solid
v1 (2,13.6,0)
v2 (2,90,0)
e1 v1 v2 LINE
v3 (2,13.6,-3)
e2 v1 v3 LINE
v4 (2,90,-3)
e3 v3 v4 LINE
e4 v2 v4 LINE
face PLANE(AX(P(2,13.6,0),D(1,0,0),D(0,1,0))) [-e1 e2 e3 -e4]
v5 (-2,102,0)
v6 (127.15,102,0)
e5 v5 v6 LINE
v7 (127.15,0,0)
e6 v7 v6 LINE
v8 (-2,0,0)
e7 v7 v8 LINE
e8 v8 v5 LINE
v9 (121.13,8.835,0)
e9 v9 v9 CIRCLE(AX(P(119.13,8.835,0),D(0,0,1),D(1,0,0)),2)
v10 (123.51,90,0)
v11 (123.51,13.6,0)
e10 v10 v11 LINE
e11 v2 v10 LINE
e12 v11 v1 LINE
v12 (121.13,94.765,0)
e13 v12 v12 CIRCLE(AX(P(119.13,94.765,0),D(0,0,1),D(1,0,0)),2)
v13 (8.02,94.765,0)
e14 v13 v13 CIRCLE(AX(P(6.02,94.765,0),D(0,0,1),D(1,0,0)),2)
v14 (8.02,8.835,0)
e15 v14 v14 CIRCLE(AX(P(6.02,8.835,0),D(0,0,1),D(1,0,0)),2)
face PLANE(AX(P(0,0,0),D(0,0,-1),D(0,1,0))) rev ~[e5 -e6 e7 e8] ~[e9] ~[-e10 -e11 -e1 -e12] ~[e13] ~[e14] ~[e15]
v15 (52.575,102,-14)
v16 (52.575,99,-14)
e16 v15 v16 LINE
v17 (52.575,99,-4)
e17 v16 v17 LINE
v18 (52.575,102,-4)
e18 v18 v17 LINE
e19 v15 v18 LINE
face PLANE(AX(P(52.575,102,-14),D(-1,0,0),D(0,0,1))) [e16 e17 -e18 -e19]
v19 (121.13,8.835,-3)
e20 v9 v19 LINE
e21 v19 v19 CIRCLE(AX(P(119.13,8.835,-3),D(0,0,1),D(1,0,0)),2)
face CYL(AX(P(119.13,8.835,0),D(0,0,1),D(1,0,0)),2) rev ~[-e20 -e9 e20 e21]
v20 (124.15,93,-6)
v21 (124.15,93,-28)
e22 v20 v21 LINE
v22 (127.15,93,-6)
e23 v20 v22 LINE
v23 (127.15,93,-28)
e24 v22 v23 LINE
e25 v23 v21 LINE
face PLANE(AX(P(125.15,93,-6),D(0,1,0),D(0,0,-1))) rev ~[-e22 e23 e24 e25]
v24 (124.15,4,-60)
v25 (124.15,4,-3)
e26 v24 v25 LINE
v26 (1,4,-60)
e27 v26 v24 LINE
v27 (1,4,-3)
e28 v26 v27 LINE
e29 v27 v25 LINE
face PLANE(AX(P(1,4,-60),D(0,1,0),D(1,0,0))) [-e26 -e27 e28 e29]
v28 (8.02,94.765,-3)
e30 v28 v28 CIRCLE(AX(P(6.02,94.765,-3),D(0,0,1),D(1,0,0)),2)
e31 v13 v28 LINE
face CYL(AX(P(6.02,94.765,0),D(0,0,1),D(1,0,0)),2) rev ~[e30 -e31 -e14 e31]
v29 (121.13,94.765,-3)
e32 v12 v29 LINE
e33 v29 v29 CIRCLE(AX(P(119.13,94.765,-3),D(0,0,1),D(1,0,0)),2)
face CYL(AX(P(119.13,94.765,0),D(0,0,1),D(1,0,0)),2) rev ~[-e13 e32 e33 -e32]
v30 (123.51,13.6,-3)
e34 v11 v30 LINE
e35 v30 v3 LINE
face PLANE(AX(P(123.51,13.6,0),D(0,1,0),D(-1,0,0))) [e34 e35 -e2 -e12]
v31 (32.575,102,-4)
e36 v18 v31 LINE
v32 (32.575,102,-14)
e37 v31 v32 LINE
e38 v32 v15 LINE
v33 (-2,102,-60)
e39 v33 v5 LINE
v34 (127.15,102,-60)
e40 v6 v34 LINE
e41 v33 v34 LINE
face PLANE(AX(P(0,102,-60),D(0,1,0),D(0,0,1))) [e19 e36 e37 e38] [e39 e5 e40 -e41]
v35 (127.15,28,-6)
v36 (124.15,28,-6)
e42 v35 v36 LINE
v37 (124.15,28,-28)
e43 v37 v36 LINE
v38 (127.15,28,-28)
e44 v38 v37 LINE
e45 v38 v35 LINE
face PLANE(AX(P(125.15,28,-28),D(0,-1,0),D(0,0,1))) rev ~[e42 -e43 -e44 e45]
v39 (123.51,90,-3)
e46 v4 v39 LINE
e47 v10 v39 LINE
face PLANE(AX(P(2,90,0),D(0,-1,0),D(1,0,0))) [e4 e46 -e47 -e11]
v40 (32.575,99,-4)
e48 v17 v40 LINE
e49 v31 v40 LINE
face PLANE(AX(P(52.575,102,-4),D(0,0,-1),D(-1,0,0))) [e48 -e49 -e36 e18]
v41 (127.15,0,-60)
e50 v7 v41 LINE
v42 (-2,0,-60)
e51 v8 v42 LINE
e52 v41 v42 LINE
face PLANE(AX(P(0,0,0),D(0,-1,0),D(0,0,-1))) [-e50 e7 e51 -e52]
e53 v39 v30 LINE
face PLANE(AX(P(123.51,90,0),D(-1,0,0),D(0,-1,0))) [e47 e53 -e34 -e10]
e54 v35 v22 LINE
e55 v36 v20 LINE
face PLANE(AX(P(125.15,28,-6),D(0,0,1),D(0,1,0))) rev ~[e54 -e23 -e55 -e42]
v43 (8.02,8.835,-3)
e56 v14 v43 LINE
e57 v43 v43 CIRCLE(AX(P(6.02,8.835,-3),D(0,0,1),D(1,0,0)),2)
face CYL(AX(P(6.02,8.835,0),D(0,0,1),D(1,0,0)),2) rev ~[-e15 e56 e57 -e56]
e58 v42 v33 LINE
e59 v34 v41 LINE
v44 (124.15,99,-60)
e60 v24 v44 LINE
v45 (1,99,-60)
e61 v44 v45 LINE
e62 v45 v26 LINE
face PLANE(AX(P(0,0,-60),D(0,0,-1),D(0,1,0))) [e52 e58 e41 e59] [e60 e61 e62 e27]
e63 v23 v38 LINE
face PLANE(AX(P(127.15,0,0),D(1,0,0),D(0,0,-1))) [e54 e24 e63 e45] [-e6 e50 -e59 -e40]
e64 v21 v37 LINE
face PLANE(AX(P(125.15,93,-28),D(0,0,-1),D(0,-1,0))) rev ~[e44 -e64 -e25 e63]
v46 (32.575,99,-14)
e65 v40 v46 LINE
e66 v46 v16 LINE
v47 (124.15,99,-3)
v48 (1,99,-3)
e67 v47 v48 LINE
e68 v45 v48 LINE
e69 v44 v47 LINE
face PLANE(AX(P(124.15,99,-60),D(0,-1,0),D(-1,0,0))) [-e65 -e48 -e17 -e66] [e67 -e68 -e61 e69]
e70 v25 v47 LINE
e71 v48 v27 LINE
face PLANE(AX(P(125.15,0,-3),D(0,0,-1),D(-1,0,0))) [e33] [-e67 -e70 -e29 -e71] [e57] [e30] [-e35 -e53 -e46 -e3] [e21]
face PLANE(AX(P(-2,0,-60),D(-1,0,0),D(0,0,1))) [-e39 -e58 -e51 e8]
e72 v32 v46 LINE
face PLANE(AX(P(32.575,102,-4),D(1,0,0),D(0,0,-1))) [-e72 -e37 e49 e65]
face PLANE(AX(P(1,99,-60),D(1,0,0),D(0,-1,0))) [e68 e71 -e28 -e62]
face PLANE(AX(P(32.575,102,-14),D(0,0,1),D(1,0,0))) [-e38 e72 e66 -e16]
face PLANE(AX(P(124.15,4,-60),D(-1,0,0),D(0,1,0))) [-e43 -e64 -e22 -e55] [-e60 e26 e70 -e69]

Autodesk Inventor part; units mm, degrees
ref_plane "YZ Plane" through (0, 0, 0) normal (1, 0, 0) x (0, 1, 0)
ref_plane "XZ Plane" through (0, 0, 0) normal (0, 1, 0) x (-1, 0, 0)
ref_plane "XY Plane" through (0, 0, 0) normal (0, 0, 1) x (1, 0, 0)
sketch "Sketch1" plane through (0, 0, 0) normal (0, 1, 0) x (-1, 0, 0)
  line L0 (0, 0) -> (-125.15, 0)
  line L1 (-125.15, 0) -> (-125.15, -60)
  line L2 (-125.15, -60) -> (0, -60)
  line L3 (0, -60) -> (0, 0)
  dimension "d0" = 125.15
  dimension "d1" = 60
extrude "Extrusion1" add sketch "Sketch1" along normal blind 100
sketch "Sketch2" plane through (0, 0, 0) normal (0, 0, 1) x (1, 0, 0)
  line L0 (2, 90) -> (123.51, 90)
  line L1 (123.51, 90) -> (123.51, 13.6)
  line L2 (123.51, 13.6) -> (2, 13.6)
  line L3 (2, 13.6) -> (2, 90)
  line L4 (0, 0) -> (125.15, 0) projected
  line L5 (0, 0) -> (0, 100) projected
  line L6 (0, 100) -> (125.15, 100) projected
  circle A0 centre (6.02, 94.765) radius 2
  circle A1 centre (6.02, 8.835) radius 2
  circle A2 centre (119.13, 94.765) radius 2
  circle A3 centre (119.13, 8.835) radius 2
  dimension "d4" = 76.4
  dimension "d5" = 121.51
  dimension "d7" = 2
  dimension "d15" = 10
  dimension "d16" = 4
  dimension "d17" = 4.765
  dimension "d18" = 4
  dimension "d19" = 85.93
  dimension "d21" = 4
  dimension "d22" = 113.11
  dimension "d23" = 6.02
  dimension "d24" = 4
  dimension "d25" = 4.765
  dimension "d26" = 113.11
extrude "Extrusion2" cut sketch "Sketch2" against normal blind 3
sketch "Sketch5" plane through (125.15, 0, 0) normal (1, 0, 0) x (0, 0, -1)
  line L0 (6, 93) -> (28, 93)
  line L1 (28, 93) -> (28, 28)
  line L2 (28, 28) -> (6, 28)
  line L3 (6, 28) -> (6, 93)
  line L4 (0, 100) -> (60, 100) projected
  line L5 (0, 0) -> (60, 0) projected
  line L6 (0, 0) -> (0, 100) projected
  point P0 (17, 93)
  point P1 (17, 28)
  dimension "d35" = 7
  dimension "d37" = 6
  dimension "d38" = 22
  dimension "d39" = 65
extrude "Extrusion4" cut sketch "Sketch5" against normal blind 10
sketch "Sketch7" plane through (125.15, 0, -60) normal (0, 0, -1) x (-1, 0, 0)
  line L0 (1, 99) -> (124.15, 99)
  line L1 (124.15, 99) -> (124.15, 4)
  line L2 (124.15, 4) -> (1, 4)
  line L3 (1, 4) -> (1, 99)
  line L4 (0, 100) -> (125.15, 100) projected
  line L5 (0, 0) -> (125.15, 0) projected
  line L6 (0, 0) -> (0, 100) projected
  line L7 (125.15, 0) -> (125.15, 100) projected
  dimension "d46" = 1
  dimension "d47" = 4
  dimension "d48" = 1
  dimension "d49" = 1
extrude "Extrusion6" cut sketch "Sketch7" against normal blind 57 contours L0 L1 L2 L3
sketch "Sketch8" plane through (0, 100, 0) normal (0, 1, 0) x (1, 0, 0)
  line L0 (125.15, 0) -> (125.15, 60) projected
  line L1 (125.15, 60) -> (0, 60) projected
  line L2 (125.15, 0) -> (0, 0)
  line L3 (0, 0) -> (0, 60)
  line L4 (0, 60) -> (125.15, 60)
  line L5 (125.15, 60) -> (125.15, 0)
  point P0 (0, 0)
extrude "Extrusion7" add sketch "Sketch8" along normal blind 2
sketch "Sketch9" plane through (125.15, 0, 0) normal (1, 0, 0) x (0, 0, -1)
  line L0 (0, 0) -> (60, 0) projected
  line L1 (0, 102) -> (60, 102)
  line L2 (60, 102) -> (60, 0)
  line L3 (60, 0) -> (0, 0)
  line L4 (0, 0) -> (0, 102)
  line L5 (6, 93) -> (28, 93) projected
  line L6 (28, 93) -> (28, 28) projected
  line L7 (6, 93) -> (28, 93)
  line L8 (28, 93) -> (28, 28)
  line L9 (28, 28) -> (6, 28)
  line L10 (6, 28) -> (6, 93)
extrude "Extrusion8" add sketch "Sketch9" along normal blind 2
sketch "Sketch10" plane through (0, 0, -60) normal (-1, 0, 0) x (0, 0, 1)
  line L0 (0, 0) -> (0, 102) projected
  line L1 (60, 0) -> (60, 102) projected
  line L2 (0, 102) -> (60, 102)
  line L3 (60, 102) -> (60, 0)
  line L4 (60, 0) -> (0, 0)
  line L5 (0, 0) -> (0, 102)
extrude "Extrusion9" add sketch "Sketch10" along normal blind 2
sketch "Sketch11" plane through (0, 102, 0) normal (0, 1, 0) x (1, 0, 0)
  line L0 (-2, 60) -> (127.15, 60) projected
  line L1 (62.575, 60) -> (62.575, 0)
  line L2 (-2, 0) -> (-2, 60) projected
  line L3 (32.575, 14) -> (52.575, 14)
  line L4 (52.575, 14) -> (52.575, 4)
  line L5 (52.575, 4) -> (32.575, 4)
  line L6 (32.575, 4) -> (32.575, 14)
  line L7 (127.15, 0) -> (-2, 0) projected
  point P0 (0, 0)
  dimension "d58" = 64.575
  dimension "d59" = 10
  dimension "d60" = 20
  dimension "d61" = 4
  dimension "d62" = 10
extrude "Extrusion10" cut sketch "Sketch11" against normal blind 3 contours L3 L4 L5 L6
properties part number "Behuizing_3DPrint"
